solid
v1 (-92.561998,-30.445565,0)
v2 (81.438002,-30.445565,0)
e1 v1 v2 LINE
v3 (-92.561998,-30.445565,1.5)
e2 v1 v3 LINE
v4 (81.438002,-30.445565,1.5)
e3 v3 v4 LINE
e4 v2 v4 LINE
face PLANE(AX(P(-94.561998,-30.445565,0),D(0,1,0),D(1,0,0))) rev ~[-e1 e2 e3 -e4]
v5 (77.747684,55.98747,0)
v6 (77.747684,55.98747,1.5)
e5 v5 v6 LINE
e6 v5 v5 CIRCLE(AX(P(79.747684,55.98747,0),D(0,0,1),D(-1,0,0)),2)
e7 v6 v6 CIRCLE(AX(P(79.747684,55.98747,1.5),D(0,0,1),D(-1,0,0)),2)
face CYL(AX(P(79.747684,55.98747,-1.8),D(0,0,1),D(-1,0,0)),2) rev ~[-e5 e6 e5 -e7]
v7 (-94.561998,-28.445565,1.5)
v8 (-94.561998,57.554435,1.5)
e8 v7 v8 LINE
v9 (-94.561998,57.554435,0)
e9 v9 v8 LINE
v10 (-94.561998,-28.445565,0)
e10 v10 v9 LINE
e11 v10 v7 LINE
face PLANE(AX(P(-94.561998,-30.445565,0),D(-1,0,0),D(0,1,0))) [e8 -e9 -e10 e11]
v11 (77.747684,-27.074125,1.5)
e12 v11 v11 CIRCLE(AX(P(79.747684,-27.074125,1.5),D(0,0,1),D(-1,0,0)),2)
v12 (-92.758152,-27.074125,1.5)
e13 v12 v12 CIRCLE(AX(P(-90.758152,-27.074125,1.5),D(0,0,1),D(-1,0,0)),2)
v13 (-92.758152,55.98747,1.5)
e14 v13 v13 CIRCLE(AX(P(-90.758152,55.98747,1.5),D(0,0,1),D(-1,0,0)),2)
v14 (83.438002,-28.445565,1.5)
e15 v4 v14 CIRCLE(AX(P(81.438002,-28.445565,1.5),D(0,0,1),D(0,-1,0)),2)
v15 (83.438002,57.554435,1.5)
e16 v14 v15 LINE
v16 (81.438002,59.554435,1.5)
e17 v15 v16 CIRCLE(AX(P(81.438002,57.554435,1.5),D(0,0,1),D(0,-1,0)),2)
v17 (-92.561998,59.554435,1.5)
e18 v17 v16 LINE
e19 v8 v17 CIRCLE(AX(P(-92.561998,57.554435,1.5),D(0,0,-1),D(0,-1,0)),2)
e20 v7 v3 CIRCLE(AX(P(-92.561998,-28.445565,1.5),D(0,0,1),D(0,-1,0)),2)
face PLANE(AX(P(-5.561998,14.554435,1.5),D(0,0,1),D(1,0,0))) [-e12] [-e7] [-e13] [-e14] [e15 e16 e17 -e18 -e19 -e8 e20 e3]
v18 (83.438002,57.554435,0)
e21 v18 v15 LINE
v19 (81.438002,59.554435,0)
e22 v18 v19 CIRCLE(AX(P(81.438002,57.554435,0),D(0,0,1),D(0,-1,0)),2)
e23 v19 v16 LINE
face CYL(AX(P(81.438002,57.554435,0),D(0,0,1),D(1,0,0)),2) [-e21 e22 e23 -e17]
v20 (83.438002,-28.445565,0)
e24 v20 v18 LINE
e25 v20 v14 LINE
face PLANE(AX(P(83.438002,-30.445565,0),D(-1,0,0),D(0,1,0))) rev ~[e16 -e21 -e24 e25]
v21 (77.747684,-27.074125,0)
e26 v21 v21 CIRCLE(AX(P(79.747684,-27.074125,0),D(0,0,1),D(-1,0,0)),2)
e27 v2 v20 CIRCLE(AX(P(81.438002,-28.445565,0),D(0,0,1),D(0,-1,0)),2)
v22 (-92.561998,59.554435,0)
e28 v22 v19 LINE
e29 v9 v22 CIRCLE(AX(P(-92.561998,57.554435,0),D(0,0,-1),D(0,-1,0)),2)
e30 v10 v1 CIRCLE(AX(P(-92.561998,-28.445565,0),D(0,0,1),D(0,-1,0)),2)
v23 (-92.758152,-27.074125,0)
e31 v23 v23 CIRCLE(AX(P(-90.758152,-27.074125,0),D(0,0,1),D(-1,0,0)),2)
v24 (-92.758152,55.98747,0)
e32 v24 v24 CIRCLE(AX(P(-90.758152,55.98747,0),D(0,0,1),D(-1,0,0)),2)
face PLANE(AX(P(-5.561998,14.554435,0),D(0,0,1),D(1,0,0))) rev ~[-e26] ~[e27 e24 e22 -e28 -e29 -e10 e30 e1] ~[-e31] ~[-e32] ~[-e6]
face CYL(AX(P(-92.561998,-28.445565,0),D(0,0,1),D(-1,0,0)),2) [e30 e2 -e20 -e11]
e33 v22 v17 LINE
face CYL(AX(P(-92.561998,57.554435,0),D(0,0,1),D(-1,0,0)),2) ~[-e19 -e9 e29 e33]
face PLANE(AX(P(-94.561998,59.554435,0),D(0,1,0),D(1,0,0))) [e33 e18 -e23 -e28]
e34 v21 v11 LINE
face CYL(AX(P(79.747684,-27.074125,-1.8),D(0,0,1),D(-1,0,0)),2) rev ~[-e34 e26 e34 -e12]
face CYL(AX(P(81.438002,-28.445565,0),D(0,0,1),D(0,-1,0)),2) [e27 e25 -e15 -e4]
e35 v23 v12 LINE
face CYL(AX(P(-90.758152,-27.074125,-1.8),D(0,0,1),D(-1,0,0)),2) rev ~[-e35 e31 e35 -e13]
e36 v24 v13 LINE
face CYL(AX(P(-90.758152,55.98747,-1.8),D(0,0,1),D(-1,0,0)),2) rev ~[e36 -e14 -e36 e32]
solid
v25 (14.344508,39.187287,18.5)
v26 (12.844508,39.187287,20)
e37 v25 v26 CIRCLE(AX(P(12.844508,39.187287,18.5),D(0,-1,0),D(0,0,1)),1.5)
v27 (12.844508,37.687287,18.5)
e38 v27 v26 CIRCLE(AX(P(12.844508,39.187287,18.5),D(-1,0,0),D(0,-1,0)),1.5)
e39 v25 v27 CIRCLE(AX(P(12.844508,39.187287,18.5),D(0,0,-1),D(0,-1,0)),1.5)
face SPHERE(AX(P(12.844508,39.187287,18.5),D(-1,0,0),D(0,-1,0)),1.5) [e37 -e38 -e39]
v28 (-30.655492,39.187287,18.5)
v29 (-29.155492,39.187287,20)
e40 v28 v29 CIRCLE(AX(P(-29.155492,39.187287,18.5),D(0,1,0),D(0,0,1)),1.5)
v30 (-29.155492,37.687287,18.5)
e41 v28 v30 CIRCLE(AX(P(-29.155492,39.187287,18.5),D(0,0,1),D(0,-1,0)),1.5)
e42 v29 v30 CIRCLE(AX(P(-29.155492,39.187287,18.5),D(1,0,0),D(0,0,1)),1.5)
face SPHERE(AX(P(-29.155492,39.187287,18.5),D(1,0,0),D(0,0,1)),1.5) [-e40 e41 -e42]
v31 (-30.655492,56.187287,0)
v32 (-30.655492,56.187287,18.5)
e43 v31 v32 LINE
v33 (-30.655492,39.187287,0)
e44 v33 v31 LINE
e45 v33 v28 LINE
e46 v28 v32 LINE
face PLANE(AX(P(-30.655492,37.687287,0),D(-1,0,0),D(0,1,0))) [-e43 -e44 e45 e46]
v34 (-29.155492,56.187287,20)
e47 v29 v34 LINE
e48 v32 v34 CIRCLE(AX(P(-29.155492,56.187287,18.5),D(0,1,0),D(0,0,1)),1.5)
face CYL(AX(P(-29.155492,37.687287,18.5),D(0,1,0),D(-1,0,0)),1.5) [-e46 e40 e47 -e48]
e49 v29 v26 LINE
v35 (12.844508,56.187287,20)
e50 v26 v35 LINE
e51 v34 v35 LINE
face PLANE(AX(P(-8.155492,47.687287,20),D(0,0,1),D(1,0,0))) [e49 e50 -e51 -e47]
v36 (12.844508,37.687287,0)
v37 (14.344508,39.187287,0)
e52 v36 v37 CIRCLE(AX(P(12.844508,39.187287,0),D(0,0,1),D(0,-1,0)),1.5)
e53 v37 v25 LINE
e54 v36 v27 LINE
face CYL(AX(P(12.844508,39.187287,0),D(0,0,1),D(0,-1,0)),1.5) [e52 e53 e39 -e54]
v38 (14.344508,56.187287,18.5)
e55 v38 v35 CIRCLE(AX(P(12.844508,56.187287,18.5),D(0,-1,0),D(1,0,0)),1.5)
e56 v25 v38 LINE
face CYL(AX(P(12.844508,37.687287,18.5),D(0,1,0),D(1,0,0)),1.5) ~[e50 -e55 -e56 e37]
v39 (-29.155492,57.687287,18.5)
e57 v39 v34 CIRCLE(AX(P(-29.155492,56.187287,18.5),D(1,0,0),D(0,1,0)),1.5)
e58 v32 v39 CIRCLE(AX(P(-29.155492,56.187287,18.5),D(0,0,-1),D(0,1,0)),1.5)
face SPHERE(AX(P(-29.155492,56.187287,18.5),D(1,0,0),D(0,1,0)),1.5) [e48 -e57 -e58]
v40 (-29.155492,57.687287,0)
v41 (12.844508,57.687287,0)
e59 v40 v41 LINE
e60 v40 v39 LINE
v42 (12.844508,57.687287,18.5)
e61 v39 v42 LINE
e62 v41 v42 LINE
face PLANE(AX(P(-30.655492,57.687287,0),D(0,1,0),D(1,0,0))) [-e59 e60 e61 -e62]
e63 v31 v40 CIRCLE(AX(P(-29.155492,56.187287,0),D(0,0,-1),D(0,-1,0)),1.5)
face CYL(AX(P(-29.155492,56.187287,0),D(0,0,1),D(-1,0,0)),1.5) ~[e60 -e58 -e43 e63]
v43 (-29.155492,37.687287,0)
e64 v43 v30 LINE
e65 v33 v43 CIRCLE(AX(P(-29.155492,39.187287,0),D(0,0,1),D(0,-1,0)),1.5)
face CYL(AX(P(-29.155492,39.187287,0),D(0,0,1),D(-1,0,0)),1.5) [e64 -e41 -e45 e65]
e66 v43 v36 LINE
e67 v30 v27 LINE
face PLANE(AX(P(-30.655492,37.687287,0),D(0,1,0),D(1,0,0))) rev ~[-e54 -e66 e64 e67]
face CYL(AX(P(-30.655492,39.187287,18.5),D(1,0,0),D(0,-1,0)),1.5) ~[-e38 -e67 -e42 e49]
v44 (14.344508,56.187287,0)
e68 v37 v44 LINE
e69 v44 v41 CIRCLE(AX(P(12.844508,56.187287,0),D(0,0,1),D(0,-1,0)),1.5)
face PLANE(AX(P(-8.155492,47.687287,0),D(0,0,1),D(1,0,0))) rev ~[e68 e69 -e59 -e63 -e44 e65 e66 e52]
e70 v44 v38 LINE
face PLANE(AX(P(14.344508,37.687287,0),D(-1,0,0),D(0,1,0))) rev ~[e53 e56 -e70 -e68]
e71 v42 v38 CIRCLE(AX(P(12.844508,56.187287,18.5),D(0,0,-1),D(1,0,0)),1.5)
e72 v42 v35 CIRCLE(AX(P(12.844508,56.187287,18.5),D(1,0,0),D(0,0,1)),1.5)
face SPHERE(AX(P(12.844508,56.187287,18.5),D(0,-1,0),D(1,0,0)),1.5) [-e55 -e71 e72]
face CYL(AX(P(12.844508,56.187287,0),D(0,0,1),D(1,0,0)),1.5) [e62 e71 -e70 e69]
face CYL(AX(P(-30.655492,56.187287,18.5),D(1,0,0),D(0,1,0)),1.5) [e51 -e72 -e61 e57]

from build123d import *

# Parameters (mm, degrees)
F0_W     = 178
F0_H     = 90
F1_DEPTH = 1.5
F2_R     = 2
F4_D     = 4
F4_DEPTH = 1.8
F4_TIP   = 1.2017212381
F3_W     = 45
F3_H     = 20
F5_DEPTH = 20
F6_R     = 1.5


with BuildPart() as f1:
    # F0 (on Top) → F1 (new body)
    with BuildSketch(Plane.XY):
        with Locations((-5.5619984269, 14.5544354618)):
            Rectangle(F0_W, F0_H)
    extrude(amount=F1_DEPTH)

    # F2
    f2_edges = [f1.edges().sort_by_distance(p)[0] for p in [
        (83.438002, 59.554435, 0.75),
        (83.438002, -30.445565, 0.75),
        (-94.561998, -30.445565, 0.75),
        (-94.561998, 59.554435, 0.75),
    ]]
    fillet(f2_edges, radius=F2_R)

    # F4
    with Locations(Plane(origin=(0, 0, 0), x_dir=(1, 0, 0), z_dir=(0, 0, -1))):
        with Locations((-90.7581523061, -55.987469852), (-90.7581523061, 27.0741246641), (79.7476842999, 27.0741246641), (79.7476842999, -55.987469852)):
            Hole(F4_D / 2, depth=F4_DEPTH)
            with Locations((0, 0, -(F4_DEPTH + F4_TIP / 2))):  # 118° drill point
                Cone(0, F4_D / 2, F4_TIP, mode=Mode.SUBTRACT)


with BuildPart() as f5:
    # F3 (on Top) → F5 (new body)
    with BuildSketch(Plane.XY):
        with Locations((-8.1554918271, 47.6872867346)):
            Rectangle(F3_W, F3_H)
    extrude(amount=F5_DEPTH)

    # F6
    f6_edges = [f5.edges().sort_by_distance(p)[0] for p in [
        (-8.155492, 37.687287, 20),
        (14.344508, 37.687287, 10),
        (14.344508, 47.687287, 20),
        (14.344508, 57.687287, 10),
        (-8.155492, 57.687287, 20),
        (-30.655492, 57.687287, 10),
        (-30.655492, 47.687287, 20),
        (-30.655492, 37.687287, 10),
    ]]
    fillet(f6_edges, radius=F6_R)


solid = Compound([f1.part, f5.part])
